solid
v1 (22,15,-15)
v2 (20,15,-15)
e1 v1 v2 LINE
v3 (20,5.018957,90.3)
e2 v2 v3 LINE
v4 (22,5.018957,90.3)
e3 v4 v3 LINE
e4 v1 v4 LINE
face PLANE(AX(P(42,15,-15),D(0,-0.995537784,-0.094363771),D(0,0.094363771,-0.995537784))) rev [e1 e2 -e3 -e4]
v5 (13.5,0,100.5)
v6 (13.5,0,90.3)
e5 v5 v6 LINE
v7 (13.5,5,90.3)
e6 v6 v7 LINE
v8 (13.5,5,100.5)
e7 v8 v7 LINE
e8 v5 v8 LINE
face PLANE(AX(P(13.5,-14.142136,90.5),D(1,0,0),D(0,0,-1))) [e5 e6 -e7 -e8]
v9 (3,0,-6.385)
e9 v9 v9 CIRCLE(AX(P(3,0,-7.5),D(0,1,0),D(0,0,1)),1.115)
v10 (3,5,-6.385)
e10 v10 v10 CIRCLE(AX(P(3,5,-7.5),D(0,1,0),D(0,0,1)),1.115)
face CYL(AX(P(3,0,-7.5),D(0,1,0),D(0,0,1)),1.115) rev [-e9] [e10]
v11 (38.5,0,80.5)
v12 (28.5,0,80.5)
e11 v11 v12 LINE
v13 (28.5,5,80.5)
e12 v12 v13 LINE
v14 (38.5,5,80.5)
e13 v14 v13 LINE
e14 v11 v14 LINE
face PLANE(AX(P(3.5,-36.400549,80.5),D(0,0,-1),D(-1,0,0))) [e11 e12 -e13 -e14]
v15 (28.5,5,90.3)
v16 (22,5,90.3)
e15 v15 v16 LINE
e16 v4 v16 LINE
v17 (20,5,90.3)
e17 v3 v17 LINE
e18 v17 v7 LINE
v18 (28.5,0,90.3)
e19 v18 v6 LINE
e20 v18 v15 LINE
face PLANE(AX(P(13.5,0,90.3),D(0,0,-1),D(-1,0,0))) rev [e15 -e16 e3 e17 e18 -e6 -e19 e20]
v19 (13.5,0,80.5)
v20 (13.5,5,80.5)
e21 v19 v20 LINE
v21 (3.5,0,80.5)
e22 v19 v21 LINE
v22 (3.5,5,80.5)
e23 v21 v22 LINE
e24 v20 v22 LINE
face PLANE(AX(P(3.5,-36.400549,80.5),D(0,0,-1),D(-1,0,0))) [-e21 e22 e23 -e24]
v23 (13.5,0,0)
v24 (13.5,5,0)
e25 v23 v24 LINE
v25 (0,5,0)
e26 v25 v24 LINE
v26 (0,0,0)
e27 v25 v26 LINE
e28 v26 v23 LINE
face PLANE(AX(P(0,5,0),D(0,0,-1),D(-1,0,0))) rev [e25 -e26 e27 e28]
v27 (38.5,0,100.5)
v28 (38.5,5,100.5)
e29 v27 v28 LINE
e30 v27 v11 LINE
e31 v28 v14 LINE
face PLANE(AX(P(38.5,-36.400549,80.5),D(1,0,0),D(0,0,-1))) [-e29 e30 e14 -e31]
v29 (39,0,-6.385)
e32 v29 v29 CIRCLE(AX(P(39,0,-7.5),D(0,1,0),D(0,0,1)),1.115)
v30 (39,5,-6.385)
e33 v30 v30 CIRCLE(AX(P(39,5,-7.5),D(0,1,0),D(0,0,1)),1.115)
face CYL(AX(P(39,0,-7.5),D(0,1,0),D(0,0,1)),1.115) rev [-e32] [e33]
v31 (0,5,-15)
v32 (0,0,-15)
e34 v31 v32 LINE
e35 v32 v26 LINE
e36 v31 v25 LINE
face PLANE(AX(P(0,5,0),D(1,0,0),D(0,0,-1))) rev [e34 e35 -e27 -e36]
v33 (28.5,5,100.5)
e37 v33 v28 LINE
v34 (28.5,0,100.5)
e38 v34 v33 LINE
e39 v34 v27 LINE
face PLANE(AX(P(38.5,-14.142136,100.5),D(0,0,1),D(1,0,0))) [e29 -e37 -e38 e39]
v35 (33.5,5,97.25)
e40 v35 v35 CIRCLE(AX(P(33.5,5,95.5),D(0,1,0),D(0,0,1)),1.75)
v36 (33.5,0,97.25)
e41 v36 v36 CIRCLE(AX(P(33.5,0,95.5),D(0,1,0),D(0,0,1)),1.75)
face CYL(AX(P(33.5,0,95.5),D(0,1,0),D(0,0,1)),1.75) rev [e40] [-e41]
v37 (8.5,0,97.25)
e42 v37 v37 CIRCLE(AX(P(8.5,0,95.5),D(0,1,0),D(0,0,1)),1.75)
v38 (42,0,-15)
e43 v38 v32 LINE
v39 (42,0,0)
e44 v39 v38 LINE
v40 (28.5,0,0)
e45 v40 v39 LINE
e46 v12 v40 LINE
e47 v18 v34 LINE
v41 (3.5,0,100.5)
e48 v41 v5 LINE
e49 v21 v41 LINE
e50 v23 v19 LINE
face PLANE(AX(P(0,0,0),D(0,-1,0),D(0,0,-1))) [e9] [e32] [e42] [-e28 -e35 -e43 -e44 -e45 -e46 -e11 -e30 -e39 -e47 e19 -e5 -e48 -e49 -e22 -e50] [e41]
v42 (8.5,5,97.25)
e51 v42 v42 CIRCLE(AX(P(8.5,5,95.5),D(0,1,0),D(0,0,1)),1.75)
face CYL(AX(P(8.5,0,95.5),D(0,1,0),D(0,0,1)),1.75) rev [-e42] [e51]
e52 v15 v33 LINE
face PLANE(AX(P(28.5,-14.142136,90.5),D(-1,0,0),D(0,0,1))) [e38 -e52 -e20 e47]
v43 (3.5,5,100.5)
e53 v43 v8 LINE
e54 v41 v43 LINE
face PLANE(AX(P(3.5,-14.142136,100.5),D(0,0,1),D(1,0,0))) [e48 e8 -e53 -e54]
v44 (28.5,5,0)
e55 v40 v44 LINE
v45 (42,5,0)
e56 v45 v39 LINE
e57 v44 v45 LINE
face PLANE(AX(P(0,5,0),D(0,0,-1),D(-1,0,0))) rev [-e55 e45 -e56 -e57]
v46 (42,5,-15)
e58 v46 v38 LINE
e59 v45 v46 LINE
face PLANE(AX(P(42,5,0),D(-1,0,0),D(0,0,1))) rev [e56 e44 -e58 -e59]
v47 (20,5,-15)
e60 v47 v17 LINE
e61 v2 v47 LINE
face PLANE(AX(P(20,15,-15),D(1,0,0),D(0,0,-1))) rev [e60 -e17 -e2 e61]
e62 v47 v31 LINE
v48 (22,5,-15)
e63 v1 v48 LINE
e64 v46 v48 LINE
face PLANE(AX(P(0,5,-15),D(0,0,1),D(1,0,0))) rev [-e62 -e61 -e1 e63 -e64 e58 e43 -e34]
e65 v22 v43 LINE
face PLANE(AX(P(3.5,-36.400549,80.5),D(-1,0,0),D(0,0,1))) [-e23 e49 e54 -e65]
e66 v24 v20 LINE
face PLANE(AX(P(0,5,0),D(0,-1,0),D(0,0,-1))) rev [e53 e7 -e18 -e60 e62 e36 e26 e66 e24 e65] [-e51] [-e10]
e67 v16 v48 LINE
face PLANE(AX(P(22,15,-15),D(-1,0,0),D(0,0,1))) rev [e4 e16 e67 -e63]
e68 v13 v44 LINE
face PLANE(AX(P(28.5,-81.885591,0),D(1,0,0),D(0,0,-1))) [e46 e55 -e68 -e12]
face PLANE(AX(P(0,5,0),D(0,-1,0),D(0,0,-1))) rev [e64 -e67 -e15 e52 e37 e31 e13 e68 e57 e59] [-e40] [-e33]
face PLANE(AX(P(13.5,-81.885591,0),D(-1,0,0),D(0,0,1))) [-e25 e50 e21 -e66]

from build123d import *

# Parameters (mm, degrees)
SKETCH1_W           = 42
SKETCH1_H           = 15
BOSS_EXTRUDE1_DEPTH = 5
SKETCH2_R           = 1.115
CUT_EXTRUDE1_DEPTH  = 6
SKETCH3_W           = 15
SKETCH3_H           = 80.5
BOSS_EXTRUDE2_DEPTH = 5
SKETCH4_W           = 35
SKETCH4_H           = 10
BOSS_EXTRUDE3_DEPTH = 5
SKETCH5_W           = 10
SKETCH5_H           = 10
BOSS_EXTRUDE4_DEPTH = 5
SKETCH6_R           = 1.75
CUT_EXTRUDE2_DEPTH  = 6
SKETCH7_W           = 15
SKETCH7_H           = 0.2
CUT_EXTRUDE3_DEPTH  = 6
SKETCH8_W           = 2
SKETCH8_H           = 105.3
BOSS_EXTRUDE5_DEPTH = 10
CUT_EXTRUDE4_DEPTH  = 23


with BuildPart() as part:
    # Sketch1 → Boss-Extrude1 (new body)
    with BuildSketch(Plane(origin=(0, 0, 0), x_dir=(1, 0, 0), z_dir=(0, 1, 0))):
        with Locations((21, 7.5)):
            Rectangle(SKETCH1_W, SKETCH1_H)
    extrude(amount=BOSS_EXTRUDE1_DEPTH)

    # Sketch2 → Cut-Extrude1 (cut, through all)
    with BuildSketch(Plane(origin=(0, 5, 0), x_dir=(1, 0, 0), z_dir=(0, 1, 0))):
        with Locations((3, 7.5)):
            Circle(SKETCH2_R)
        with Locations((39, 7.5)):
            Circle(SKETCH2_R)
    extrude(amount=-CUT_EXTRUDE1_DEPTH, mode=Mode.SUBTRACT)

    # Sketch3 → Boss-Extrude2 (add)
    with BuildSketch(Plane(origin=(0, 5, 0), x_dir=(1, 0, 0), z_dir=(0, 1, 0))):
        with Locations((21, -40.25)):
            Rectangle(SKETCH3_W, SKETCH3_H)
    extrude(amount=-BOSS_EXTRUDE2_DEPTH)

    # Sketch4 → Boss-Extrude3 (add)
    with BuildSketch(Plane(origin=(0, 5, 0), x_dir=(1, 0, 0), z_dir=(0, 1, 0))):
        with Locations((21, -85.5)):
            Rectangle(SKETCH4_W, SKETCH4_H)
    extrude(amount=-BOSS_EXTRUDE3_DEPTH)

    # Sketch5 → Boss-Extrude4 (add)
    with BuildSketch(Plane(origin=(0, 5, 0), x_dir=(1, 0, 0), z_dir=(0, 1, 0))):
        with Locations((8.5, -95.5)):
            Rectangle(SKETCH5_W, SKETCH5_H)
        with Locations((33.5, -95.5)):
            Rectangle(SKETCH5_W, SKETCH5_H)
    extrude(amount=-BOSS_EXTRUDE4_DEPTH)

    # Sketch6 → Cut-Extrude2 (cut, through all)
    with BuildSketch(Plane(origin=(0, 5, 0), x_dir=(1, 0, 0), z_dir=(0, 1, 0))):
        with Locations((8.5, -95.5)):
            Circle(SKETCH6_R)
        with Locations((33.5, -95.5)):
            Circle(SKETCH6_R)
    extrude(amount=-CUT_EXTRUDE2_DEPTH, mode=Mode.SUBTRACT)

    # Sketch7 → Cut-Extrude3 (cut, through all)
    with BuildSketch(Plane(origin=(0, 5, 0), x_dir=(1, 0, 0), z_dir=(0, 1, 0))):
        with Locations((21, -90.4)):
            Rectangle(SKETCH7_W, SKETCH7_H)
    extrude(amount=-CUT_EXTRUDE3_DEPTH, mode=Mode.SUBTRACT)

    # Sketch8 → Boss-Extrude5 (add)
    with BuildSketch(Plane(origin=(0, 5, 0), x_dir=(1, 0, 0), z_dir=(0, 1, 0))):
        with Locations((21, -37.65)):
            Rectangle(SKETCH8_W, SKETCH8_H)
    extrude(amount=BOSS_EXTRUDE5_DEPTH)

    # Sketch9 → Cut-Extrude4 (cut, through all)
    with BuildSketch(Plane.ZY.offset(-20)):
        Polygon((-15, 15), (90.5, 5), (90.3, 15), align=None)
    extrude(amount=-CUT_EXTRUDE4_DEPTH, mode=Mode.SUBTRACT)


solid = part.part
